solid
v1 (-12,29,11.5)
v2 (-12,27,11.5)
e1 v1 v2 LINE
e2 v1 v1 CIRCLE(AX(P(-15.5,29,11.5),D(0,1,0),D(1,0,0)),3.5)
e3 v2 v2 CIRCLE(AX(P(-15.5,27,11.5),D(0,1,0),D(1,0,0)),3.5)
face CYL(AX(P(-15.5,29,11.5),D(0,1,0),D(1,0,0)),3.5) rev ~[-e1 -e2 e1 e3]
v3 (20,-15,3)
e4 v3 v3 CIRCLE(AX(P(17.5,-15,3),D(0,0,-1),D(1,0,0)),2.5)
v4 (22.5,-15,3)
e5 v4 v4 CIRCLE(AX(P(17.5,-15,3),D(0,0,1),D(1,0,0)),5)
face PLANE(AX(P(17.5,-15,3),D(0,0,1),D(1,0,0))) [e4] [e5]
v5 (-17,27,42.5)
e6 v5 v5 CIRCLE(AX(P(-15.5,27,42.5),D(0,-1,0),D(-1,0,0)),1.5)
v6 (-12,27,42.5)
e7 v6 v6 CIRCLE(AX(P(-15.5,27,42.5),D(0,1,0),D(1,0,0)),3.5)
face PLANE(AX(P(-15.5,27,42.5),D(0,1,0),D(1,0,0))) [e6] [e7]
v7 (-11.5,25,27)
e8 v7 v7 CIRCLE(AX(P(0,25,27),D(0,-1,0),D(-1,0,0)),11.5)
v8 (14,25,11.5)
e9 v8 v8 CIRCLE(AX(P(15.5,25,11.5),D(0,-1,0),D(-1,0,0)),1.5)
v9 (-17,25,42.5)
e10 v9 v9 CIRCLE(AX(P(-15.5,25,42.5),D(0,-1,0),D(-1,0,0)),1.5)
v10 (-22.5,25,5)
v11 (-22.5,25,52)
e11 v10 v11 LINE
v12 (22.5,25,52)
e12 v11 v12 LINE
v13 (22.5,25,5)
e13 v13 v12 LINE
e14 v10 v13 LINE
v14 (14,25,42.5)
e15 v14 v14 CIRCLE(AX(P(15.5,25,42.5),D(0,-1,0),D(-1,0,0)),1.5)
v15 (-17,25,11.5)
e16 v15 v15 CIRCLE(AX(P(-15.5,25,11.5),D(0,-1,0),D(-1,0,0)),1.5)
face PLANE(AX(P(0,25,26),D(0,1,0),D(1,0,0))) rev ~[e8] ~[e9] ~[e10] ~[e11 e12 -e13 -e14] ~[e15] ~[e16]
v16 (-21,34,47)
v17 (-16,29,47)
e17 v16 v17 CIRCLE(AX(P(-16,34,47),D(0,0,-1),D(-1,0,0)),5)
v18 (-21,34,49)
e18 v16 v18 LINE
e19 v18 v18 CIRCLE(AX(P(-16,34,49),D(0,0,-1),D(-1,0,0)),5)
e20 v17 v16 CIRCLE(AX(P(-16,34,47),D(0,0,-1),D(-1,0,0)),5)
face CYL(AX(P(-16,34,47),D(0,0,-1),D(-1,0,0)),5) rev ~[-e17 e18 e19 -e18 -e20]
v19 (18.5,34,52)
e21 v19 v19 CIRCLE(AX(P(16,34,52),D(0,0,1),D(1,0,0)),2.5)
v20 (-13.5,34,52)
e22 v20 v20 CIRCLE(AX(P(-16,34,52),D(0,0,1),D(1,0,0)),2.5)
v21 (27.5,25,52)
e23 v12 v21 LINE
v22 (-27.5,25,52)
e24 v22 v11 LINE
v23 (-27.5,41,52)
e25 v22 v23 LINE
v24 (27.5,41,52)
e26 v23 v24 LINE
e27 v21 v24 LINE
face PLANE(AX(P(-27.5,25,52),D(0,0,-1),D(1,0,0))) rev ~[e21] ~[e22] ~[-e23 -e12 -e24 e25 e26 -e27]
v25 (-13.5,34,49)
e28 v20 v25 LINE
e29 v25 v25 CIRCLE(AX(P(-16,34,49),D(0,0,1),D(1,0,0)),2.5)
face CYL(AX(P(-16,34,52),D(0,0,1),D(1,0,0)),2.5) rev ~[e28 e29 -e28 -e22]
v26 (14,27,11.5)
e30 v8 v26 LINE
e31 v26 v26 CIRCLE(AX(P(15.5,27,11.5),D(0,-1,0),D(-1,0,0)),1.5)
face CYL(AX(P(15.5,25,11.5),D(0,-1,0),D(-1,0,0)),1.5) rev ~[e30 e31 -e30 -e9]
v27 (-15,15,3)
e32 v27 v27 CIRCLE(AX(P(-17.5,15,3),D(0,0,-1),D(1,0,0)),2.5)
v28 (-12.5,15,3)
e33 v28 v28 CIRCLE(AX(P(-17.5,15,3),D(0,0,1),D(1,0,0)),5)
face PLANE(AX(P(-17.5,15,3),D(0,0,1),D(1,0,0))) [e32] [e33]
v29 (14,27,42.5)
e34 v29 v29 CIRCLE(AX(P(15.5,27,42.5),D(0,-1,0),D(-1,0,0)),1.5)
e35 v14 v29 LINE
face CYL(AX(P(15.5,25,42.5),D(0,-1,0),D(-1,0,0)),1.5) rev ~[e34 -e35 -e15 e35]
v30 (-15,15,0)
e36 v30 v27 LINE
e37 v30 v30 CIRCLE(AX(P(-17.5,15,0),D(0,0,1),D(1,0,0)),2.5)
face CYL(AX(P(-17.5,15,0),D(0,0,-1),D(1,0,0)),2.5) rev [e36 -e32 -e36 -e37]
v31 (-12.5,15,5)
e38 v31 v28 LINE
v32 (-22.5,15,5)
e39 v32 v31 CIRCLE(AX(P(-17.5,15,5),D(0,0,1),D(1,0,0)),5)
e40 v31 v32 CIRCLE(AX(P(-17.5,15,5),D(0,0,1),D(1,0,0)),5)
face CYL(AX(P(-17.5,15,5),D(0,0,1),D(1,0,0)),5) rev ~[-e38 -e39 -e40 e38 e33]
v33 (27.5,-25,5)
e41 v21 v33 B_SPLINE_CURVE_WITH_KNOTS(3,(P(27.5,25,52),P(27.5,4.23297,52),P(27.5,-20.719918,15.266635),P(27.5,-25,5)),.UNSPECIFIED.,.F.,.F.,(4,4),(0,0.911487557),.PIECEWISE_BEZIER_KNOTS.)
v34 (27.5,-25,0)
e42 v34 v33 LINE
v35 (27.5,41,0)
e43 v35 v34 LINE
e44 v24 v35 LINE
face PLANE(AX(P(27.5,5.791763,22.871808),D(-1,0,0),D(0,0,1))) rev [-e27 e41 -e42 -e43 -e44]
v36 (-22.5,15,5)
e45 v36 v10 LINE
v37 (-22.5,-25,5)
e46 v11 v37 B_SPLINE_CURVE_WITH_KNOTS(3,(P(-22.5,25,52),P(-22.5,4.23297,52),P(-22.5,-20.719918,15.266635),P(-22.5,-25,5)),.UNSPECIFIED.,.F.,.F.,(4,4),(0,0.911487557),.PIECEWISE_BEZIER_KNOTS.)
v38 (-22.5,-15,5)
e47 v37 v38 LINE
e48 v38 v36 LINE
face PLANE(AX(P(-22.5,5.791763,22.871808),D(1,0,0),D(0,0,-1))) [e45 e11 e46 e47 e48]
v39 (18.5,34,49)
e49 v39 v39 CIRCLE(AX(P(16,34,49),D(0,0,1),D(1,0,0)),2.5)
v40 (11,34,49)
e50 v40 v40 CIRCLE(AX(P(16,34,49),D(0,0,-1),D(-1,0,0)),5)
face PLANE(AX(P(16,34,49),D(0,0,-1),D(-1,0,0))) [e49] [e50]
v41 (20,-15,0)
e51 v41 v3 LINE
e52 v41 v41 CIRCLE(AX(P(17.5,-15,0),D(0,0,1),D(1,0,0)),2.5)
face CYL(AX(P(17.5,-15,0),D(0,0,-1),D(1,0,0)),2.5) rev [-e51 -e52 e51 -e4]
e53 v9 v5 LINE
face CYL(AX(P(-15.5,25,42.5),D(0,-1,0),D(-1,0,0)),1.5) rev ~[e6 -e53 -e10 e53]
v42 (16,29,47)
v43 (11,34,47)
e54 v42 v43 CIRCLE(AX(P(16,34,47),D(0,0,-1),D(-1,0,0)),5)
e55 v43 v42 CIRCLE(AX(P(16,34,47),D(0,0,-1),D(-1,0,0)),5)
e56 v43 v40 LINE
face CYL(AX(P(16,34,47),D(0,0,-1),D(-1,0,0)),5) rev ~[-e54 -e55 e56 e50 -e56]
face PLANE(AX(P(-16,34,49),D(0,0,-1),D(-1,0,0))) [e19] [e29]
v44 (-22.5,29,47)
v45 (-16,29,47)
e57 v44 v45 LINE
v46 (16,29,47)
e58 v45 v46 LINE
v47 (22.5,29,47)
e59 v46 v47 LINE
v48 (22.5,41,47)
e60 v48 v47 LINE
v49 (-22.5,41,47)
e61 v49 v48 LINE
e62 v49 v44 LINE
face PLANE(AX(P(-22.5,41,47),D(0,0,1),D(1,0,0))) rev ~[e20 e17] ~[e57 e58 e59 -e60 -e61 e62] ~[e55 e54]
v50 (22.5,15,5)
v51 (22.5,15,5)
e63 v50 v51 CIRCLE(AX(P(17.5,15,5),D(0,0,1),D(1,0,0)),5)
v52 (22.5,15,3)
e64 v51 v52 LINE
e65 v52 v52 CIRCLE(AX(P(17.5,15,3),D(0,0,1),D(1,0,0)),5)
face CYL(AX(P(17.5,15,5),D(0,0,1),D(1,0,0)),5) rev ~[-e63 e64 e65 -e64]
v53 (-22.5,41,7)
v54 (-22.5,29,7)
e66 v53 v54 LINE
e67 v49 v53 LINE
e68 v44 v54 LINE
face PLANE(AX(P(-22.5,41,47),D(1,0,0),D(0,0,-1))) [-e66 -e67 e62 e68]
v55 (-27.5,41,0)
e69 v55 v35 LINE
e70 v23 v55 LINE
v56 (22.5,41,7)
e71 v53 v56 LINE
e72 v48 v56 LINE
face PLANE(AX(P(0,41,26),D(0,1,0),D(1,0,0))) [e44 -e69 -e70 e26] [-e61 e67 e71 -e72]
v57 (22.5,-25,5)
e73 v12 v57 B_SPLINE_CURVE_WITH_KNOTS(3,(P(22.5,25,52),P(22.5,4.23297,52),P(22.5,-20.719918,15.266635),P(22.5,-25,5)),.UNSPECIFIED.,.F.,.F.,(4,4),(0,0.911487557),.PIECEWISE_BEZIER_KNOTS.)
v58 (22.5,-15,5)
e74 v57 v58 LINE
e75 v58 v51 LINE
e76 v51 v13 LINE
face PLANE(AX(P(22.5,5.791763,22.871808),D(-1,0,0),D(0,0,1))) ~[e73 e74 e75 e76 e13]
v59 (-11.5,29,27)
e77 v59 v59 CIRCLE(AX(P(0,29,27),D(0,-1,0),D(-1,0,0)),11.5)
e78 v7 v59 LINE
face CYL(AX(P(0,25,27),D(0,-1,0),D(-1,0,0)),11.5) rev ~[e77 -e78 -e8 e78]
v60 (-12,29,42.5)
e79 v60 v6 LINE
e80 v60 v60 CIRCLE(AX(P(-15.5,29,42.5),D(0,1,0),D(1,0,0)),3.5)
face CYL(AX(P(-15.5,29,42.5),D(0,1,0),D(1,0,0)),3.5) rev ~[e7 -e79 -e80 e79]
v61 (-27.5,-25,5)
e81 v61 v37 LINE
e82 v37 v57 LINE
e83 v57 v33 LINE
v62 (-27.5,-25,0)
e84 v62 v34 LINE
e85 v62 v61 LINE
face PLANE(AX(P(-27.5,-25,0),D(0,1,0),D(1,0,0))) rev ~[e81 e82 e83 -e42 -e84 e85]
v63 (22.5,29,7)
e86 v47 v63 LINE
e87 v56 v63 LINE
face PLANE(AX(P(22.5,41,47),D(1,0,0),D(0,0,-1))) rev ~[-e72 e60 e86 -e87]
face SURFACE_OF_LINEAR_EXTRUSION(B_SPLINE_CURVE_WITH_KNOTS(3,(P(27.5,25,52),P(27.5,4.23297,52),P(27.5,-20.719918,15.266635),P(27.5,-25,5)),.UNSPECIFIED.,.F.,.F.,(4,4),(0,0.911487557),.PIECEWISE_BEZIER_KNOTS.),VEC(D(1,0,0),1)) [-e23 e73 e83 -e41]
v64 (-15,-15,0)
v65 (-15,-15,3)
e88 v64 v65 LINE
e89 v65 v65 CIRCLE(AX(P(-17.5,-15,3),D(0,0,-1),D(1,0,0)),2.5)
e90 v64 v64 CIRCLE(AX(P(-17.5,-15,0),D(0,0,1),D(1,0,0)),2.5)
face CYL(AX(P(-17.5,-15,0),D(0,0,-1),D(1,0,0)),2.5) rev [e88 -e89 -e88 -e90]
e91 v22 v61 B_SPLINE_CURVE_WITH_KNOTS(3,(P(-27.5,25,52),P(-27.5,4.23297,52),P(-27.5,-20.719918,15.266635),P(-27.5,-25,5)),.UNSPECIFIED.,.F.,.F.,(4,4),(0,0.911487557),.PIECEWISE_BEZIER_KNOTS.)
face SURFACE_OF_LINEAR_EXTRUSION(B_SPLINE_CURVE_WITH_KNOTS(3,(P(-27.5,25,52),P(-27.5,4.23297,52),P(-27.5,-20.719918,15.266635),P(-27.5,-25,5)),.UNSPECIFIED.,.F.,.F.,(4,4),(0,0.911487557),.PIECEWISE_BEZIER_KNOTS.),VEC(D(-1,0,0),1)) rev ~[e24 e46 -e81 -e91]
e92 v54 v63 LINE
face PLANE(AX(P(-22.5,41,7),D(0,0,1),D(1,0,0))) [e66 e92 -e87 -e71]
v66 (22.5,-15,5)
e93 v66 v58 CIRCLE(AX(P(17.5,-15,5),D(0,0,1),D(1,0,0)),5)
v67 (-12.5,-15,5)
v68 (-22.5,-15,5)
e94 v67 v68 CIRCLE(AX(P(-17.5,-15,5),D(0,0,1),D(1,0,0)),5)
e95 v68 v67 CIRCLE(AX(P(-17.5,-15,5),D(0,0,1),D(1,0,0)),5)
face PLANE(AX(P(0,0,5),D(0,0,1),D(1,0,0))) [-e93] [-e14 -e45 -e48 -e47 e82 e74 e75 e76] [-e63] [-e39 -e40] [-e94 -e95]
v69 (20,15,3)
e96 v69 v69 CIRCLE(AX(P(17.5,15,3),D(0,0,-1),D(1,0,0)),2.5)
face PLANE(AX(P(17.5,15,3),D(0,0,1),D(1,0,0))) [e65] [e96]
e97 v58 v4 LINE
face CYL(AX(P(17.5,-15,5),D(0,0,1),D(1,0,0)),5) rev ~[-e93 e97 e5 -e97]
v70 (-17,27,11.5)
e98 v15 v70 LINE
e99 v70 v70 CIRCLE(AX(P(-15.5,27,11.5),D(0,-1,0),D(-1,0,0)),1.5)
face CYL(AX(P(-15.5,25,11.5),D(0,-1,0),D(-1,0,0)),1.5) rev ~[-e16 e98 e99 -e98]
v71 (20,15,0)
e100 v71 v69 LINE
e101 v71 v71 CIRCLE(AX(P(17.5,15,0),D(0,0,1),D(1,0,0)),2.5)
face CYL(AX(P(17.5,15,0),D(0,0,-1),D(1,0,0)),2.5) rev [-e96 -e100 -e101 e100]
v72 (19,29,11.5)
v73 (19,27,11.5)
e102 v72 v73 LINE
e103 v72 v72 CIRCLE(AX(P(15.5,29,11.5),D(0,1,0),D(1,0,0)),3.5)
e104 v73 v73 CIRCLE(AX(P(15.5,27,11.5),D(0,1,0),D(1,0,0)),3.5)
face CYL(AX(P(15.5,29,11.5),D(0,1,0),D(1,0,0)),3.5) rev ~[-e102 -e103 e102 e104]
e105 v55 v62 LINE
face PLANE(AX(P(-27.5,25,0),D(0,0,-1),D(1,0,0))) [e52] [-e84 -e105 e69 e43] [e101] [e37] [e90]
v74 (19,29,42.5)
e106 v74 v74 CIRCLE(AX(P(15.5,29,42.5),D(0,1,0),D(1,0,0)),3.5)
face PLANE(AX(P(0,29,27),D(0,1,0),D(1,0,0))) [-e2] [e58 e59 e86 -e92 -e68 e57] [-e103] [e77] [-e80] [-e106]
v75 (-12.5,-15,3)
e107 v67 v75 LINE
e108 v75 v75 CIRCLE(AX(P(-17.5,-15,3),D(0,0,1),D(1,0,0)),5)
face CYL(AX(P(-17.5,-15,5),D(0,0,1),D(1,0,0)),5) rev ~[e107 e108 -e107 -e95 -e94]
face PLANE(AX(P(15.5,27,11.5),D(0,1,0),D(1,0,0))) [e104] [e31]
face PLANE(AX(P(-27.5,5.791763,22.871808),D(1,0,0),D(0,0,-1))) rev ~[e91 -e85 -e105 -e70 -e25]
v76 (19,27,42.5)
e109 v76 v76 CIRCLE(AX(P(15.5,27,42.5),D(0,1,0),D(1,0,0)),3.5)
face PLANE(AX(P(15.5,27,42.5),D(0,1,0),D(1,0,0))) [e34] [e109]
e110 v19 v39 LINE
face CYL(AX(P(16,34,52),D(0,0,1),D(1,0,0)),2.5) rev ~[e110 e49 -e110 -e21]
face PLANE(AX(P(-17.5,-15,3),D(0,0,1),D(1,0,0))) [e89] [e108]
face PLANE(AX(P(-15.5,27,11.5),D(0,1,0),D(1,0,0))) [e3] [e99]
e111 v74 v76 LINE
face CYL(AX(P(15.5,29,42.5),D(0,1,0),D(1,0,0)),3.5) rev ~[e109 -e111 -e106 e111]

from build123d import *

# Parameters (mm, degrees)
SKETCH1_W           = 55
SKETCH1_H           = 50
SKETCH1_R           = 2.5
BOSS_EXTRUDE1_DEPTH = 5
SKETCH2_R           = 5
CUT_EXTRUDE1_DEPTH  = 2
SKETCH3_W           = 55
SKETCH3_H           = 52
BOSS_EXTRUDE2_DEPTH = 16
SKETCH4_R           = 11.5
SKETCH4_R_2         = 1.5
CUT_EXTRUDE2_DEPTH  = 17
BOSS_EXTRUDE3_DEPTH = 5
SKETCH6_W           = 45
SKETCH6_H           = 40
CUT_EXTRUDE3_DEPTH  = 12
SKETCH7_R           = 3.5
CUT_EXTRUDE4_DEPTH  = 2
SKETCH8_R           = 2.5
CUT_EXTRUDE5_DEPTH  = 5
SKETCH10_R          = 5
CUT_EXTRUDE6_DEPTH  = 2


with BuildPart() as part:
    # Sketch1 → Boss-Extrude1 (new body)
    with BuildSketch(Plane.XY):
        Rectangle(SKETCH1_W, SKETCH1_H)
        with Locations((-17.5, -15)):
            Circle(SKETCH1_R, mode=Mode.SUBTRACT)
        with Locations((17.5, -15)):
            Circle(SKETCH1_R, mode=Mode.SUBTRACT)
        with Locations((-17.5, 15)):
            Circle(SKETCH1_R, mode=Mode.SUBTRACT)
        with Locations((17.5, 15)):
            Circle(SKETCH1_R, mode=Mode.SUBTRACT)
    extrude(amount=BOSS_EXTRUDE1_DEPTH)

    # Sketch2 → Cut-Extrude1 (cut)
    with BuildSketch(Plane.XY.offset(5)):
        with Locations((-17.5, -15)):
            Circle(SKETCH2_R)
        with Locations((17.5, -15)):
            Circle(SKETCH2_R)
        with Locations((-17.5, 15)):
            Circle(SKETCH2_R)
        with Locations((17.5, 15)):
            Circle(SKETCH2_R)
    extrude(amount=-CUT_EXTRUDE1_DEPTH, mode=Mode.SUBTRACT)

    # Sketch3 → Boss-Extrude2 (add)
    with BuildSketch(Plane(origin=(0, 25, 0), x_dir=(1, 0, 0), z_dir=(0, 1, 0))):
        with Locations((0, -26)):
            Rectangle(SKETCH3_W, SKETCH3_H)
    extrude(amount=BOSS_EXTRUDE2_DEPTH)

    # Sketch4 → Cut-Extrude2 (cut, through all)
    with BuildSketch(Plane(origin=(0, 25, 0), x_dir=(-1, 0, 0), z_dir=(0, -1, 0))):
        with Locations((0, -27)):
            Circle(SKETCH4_R)
        with Locations((15.5, -42.5)):
            Circle(SKETCH4_R_2)
        with Locations((-15.5, -42.5)):
            Circle(SKETCH4_R_2)
        with Locations((-15.5, -11.5)):
            Circle(SKETCH4_R_2)
        with Locations((15.5, -11.5)):
            Circle(SKETCH4_R_2)
    extrude(amount=-CUT_EXTRUDE2_DEPTH, mode=Mode.SUBTRACT)

    # Sketch5 → Boss-Extrude3 (add)
    with BuildSketch(Plane.ZY.offset(27.5)):
        with BuildLine():
            Line((5, -25), (5, 25))
            Line((5, 25), (52, 25))
            add(Edge.make_bspline(
                [(52, 25), (52, 4.232970162), (15.26663468, -20.719918254), (5, -25)],
                knots=[0, 0, 0, 0, 0.911487557, 0.911487557, 0.911487557, 0.911487557], degree=3))
        make_face()
    boss_extrude3 = extrude(amount=-BOSS_EXTRUDE3_DEPTH)

    # Mirror1: Boss-Extrude3 across plane
    add(boss_extrude3.mirror(Plane(origin=(0, 0, 0), x_dir=(0, 0, 1), z_dir=(1, 0, 0))))

    # Sketch6 → Cut-Extrude3 (cut)
    with BuildSketch(Plane(origin=(0, 41, 0), x_dir=(1, 0, 0), z_dir=(0, 1, 0))):
        with Locations((0, -27)):
            Rectangle(SKETCH6_W, SKETCH6_H)
    extrude(amount=-CUT_EXTRUDE3_DEPTH, mode=Mode.SUBTRACT)

    # Sketch7 → Cut-Extrude4 (cut)
    with BuildSketch(Plane(origin=(0, 29, 0), x_dir=(1, 0, 0), z_dir=(0, 1, 0))):
        with Locations((-15.5, -11.5)):
            Circle(SKETCH7_R)
        with Locations((15.5, -11.5)):
            Circle(SKETCH7_R)
        with Locations((15.5, -42.5)):
            Circle(SKETCH7_R)
        with Locations((-15.5, -42.5)):
            Circle(SKETCH7_R)
    extrude(amount=-CUT_EXTRUDE4_DEPTH, mode=Mode.SUBTRACT)

    # Sketch8 → Cut-Extrude5 (cut)
    with BuildSketch(Plane.XY.offset(52)):
        with Locations((16, 34)):
            Circle(SKETCH8_R)
        with Locations((-16, 34)):
            Circle(SKETCH8_R)
    extrude(amount=-CUT_EXTRUDE5_DEPTH, mode=Mode.SUBTRACT)

    # Sketch10 → Cut-Extrude6 (cut)
    with BuildSketch(Plane(origin=(0, 0, 47), x_dir=(-1, 0, 0), z_dir=(0, 0, -1))):
        with Locations((-16, 34)):
            Circle(SKETCH10_R)
        with Locations((16, 34)):
            Circle(SKETCH10_R)
    extrude(amount=-CUT_EXTRUDE6_DEPTH, mode=Mode.SUBTRACT)


solid = part.part
